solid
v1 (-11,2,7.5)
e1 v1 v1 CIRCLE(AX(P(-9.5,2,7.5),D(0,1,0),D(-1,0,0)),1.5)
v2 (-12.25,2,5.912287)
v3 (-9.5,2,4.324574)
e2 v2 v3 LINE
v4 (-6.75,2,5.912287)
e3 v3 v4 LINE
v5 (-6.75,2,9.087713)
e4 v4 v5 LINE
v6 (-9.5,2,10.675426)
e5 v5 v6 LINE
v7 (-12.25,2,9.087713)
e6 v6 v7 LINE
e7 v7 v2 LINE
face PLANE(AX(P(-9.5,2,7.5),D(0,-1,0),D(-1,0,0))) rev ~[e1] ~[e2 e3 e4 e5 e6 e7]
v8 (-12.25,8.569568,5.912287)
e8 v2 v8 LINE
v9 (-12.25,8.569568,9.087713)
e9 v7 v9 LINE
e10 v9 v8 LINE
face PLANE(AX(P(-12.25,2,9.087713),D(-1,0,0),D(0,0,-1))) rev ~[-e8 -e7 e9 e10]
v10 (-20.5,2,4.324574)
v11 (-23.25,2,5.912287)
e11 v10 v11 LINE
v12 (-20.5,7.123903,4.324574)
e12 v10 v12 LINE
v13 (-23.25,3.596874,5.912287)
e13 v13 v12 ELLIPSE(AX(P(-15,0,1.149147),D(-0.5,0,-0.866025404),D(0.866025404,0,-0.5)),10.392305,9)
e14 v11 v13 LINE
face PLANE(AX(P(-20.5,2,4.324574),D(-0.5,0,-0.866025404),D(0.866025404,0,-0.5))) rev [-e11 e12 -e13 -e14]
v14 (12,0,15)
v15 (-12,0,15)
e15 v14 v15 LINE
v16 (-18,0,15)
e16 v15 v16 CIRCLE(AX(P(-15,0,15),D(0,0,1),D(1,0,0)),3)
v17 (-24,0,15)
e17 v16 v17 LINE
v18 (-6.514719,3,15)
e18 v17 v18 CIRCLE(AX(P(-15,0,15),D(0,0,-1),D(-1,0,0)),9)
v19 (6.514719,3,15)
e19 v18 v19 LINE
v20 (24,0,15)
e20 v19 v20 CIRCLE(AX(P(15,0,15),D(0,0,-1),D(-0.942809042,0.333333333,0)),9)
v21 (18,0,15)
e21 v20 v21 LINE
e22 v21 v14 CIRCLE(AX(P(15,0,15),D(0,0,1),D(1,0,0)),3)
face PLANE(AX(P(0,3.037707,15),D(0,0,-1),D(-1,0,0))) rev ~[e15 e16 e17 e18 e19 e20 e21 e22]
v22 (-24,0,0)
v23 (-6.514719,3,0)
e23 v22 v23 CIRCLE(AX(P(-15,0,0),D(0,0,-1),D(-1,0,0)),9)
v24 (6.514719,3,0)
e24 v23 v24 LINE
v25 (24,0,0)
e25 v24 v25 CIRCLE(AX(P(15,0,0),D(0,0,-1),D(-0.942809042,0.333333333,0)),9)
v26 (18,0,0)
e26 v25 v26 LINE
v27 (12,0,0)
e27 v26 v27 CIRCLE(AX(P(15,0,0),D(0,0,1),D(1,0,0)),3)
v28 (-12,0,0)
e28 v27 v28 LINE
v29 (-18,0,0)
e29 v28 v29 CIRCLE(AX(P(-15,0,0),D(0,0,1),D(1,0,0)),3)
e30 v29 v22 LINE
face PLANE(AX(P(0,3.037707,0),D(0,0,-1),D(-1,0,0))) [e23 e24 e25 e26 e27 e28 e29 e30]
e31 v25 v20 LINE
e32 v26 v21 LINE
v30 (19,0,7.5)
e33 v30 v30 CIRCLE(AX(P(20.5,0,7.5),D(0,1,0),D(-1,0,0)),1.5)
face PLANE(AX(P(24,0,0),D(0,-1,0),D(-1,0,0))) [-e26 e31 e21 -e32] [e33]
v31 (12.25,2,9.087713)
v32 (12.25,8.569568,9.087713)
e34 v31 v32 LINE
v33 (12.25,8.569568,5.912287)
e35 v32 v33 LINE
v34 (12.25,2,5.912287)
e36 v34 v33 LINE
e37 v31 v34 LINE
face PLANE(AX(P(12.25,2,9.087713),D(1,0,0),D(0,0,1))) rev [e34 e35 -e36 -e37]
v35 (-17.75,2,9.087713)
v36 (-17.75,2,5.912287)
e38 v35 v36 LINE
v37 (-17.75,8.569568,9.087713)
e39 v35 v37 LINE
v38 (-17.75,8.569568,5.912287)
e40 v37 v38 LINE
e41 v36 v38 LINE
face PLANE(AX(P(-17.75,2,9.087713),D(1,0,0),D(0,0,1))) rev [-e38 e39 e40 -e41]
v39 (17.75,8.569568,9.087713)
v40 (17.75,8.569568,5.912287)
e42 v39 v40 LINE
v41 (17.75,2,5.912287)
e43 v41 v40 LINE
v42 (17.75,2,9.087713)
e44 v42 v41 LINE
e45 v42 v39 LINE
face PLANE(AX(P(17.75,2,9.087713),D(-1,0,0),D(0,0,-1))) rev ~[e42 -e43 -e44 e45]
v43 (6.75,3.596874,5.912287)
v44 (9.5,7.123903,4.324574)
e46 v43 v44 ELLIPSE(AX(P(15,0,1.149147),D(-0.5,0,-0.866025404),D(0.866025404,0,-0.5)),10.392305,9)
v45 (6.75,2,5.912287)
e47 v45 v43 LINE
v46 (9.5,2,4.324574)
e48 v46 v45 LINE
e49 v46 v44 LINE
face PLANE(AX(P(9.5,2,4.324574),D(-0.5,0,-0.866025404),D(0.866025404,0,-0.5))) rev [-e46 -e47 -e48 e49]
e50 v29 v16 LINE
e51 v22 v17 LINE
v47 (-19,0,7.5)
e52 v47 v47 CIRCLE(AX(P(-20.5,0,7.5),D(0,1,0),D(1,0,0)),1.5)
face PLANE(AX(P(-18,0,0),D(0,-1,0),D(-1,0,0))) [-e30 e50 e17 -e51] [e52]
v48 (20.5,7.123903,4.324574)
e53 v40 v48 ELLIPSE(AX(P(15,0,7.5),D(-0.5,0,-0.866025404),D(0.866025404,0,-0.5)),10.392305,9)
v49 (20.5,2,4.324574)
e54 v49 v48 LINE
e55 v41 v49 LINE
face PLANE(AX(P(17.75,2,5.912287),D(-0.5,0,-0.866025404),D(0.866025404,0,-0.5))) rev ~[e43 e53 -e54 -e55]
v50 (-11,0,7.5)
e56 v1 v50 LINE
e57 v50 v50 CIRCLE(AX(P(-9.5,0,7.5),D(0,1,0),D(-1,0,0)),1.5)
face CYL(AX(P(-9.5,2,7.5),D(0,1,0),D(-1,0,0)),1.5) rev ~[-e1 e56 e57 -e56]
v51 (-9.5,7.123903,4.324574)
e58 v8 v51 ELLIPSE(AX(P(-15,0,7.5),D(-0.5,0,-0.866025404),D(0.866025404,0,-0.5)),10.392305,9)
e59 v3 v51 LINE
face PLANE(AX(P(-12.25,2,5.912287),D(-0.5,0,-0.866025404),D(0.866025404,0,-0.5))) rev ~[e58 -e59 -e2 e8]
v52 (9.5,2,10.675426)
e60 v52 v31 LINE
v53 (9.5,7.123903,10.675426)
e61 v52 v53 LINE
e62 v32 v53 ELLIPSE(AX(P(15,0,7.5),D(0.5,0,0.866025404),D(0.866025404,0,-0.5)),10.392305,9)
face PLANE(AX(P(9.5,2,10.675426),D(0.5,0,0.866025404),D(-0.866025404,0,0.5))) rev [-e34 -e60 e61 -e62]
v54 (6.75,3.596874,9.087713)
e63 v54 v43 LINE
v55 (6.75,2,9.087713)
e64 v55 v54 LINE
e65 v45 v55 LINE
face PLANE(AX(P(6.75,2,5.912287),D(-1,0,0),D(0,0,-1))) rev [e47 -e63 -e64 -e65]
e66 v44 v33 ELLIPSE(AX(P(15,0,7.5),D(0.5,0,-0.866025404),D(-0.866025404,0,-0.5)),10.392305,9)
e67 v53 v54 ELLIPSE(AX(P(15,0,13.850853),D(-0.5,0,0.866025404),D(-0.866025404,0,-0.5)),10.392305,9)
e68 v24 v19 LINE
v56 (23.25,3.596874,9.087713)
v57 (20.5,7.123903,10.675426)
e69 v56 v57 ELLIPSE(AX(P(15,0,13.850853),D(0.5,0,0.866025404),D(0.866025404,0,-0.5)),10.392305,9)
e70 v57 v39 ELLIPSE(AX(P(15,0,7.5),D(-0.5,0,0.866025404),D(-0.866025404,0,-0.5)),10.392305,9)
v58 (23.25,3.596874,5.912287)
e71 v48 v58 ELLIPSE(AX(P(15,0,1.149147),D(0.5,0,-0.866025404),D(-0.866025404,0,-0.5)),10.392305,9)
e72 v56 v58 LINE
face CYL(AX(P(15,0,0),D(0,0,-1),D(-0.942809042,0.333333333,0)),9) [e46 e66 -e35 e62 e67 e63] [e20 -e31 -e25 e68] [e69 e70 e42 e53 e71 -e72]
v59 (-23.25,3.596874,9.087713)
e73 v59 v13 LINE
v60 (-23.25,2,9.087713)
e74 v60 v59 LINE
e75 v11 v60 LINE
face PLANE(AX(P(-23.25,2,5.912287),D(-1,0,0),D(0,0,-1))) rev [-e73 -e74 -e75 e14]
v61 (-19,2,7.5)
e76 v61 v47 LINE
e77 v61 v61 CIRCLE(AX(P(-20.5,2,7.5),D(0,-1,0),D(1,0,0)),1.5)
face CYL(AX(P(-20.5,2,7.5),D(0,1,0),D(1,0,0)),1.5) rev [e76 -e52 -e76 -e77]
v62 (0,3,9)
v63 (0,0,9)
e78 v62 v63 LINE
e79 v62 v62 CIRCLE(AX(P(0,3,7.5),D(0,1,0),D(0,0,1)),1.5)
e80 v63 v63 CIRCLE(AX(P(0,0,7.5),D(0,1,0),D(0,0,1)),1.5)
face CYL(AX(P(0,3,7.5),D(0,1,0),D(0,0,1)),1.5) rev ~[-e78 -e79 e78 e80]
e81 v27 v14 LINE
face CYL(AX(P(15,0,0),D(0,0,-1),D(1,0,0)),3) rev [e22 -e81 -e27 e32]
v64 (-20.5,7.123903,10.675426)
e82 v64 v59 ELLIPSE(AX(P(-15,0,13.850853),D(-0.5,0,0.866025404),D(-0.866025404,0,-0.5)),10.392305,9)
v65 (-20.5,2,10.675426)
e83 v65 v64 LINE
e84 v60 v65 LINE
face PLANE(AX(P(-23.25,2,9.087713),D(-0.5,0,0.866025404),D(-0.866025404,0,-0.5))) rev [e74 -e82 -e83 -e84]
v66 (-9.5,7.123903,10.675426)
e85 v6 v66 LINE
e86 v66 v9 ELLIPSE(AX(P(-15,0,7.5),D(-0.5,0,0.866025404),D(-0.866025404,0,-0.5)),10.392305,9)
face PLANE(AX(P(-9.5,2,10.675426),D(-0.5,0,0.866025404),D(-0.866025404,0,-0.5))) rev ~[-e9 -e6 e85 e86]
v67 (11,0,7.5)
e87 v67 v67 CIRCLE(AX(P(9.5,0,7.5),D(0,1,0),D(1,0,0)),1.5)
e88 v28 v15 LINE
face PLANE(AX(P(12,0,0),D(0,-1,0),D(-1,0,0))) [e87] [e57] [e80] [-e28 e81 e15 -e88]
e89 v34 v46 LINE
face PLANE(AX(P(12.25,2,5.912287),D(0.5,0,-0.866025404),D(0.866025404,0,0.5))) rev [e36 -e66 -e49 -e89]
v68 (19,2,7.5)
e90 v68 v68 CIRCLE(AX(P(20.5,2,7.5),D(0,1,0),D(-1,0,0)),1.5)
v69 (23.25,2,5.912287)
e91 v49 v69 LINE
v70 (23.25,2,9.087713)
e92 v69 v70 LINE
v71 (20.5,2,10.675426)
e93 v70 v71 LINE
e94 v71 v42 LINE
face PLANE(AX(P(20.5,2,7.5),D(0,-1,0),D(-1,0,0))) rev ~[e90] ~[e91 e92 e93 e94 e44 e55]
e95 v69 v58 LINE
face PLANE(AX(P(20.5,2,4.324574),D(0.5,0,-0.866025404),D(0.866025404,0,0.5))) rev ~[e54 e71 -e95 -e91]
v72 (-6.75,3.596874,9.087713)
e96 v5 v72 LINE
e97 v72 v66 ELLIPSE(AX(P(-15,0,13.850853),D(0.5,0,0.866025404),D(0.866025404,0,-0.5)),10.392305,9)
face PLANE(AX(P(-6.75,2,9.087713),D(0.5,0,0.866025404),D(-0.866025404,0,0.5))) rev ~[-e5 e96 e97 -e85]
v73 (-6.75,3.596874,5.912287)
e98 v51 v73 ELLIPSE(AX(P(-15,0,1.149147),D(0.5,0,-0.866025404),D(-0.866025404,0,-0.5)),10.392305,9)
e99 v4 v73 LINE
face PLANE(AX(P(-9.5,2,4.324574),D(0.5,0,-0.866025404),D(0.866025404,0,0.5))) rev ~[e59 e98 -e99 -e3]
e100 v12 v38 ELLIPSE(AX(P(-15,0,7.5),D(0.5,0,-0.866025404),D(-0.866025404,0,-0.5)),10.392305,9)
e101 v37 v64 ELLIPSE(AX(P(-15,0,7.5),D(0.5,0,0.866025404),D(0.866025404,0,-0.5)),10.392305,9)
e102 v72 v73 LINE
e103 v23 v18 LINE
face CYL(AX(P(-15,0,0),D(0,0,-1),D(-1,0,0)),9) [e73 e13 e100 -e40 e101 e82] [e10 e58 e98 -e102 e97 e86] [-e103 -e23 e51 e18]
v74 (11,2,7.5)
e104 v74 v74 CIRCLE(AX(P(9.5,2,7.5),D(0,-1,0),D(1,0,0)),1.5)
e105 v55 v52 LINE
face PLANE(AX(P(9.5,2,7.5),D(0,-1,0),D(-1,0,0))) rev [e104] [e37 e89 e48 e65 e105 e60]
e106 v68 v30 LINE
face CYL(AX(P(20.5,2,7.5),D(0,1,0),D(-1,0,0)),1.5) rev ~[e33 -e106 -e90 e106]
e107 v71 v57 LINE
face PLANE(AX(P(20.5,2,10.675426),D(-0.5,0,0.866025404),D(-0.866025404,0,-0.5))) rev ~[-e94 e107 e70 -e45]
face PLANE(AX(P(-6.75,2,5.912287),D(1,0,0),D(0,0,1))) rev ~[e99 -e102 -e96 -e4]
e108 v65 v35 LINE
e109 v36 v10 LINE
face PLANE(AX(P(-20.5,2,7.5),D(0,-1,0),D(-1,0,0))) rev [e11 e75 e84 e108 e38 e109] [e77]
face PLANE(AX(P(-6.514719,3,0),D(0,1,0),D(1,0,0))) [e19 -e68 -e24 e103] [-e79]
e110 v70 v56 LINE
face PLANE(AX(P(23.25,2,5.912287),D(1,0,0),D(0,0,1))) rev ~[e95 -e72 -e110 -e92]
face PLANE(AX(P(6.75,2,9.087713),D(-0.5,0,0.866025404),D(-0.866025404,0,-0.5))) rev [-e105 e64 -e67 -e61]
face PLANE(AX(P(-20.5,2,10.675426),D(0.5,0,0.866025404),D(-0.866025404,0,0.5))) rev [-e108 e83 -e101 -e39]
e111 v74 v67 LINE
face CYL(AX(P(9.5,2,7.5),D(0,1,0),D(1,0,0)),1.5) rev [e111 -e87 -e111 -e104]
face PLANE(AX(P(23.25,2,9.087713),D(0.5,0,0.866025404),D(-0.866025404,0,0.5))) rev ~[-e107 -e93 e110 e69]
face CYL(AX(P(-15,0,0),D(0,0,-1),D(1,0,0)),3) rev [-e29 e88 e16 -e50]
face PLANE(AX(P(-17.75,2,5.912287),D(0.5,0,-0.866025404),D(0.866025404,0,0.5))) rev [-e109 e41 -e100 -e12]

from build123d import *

# Parameters (mm, degrees)
BOSS_EXTRUDE1_DEPTH     = 15
CUT_EXTRUDE1_DEPTH      = 30
SKETCH3_R               = 1.5
CUT_EXTRUDE2_DEPTH      = 30
MIRROR2_COPY_1_DEPTH    = 30
MIRROR2_COPY_2_SKETCH_R = 1.5
MIRROR2_COPY_2_DEPTH    = 30
SKETCH4_R               = 1.5
CUT_EXTRUDE3_DEPTH      = 5


with BuildPart() as part:
    # Sketch1 → Boss-Extrude1 (new body)
    with BuildSketch(Plane.XY):
        with BuildLine():
            Line((12, 0), (-12, 0))
            ThreePointArc((-12, 0), (-15, 3), (-18, 0))
            Line((-18, 0), (-24, 0))
            ThreePointArc((-24, 0), (-16.521917809, 8.870387037), (-6.514718626, 3))
            Line((-6.514718626, 3), (6.514718626, 3))
            ThreePointArc((6.514718626, 3), (16.521917809, 8.870387037), (24, 0))
            Line((24, 0), (18, 0))
            ThreePointArc((18, 0), (15, 3), (12, 0))
        make_face()
    extrude(amount=BOSS_EXTRUDE1_DEPTH)

    # Sketch2 → Cut-Extrude1 (cut)
    with BuildSketch(Plane(origin=(0, 2, 0), x_dir=(-1, 0, 0), z_dir=(0, -1, 0))):
        Polygon((-20.5, -10.675426481), (-17.75, -9.08771324), (-17.75, -5.91228676), (-20.5, -4.324573519), (-23.25, -5.91228676), (-23.25, -9.08771324), align=None)
    cut_extrude1 = extrude(amount=-CUT_EXTRUDE1_DEPTH, mode=Mode.SUBTRACT)

    # Sketch3 → Cut-Extrude2 (cut)
    with BuildSketch(Plane(origin=(0, 2, 0), x_dir=(1, 0, 0), z_dir=(0, 1, 0))):
        with Locations((20.5, -7.5)):
            Circle(SKETCH3_R)
    cut_extrude2 = extrude(amount=-CUT_EXTRUDE2_DEPTH, mode=Mode.SUBTRACT)

    # Mirror1: Cut-Extrude1, Cut-Extrude2 across plane
    add(cut_extrude1.mirror(Plane.ZY.offset(-15)), mode=Mode.SUBTRACT)
    add(cut_extrude2.mirror(Plane.ZY.offset(-15)), mode=Mode.SUBTRACT)

    # Mirror2: Cut-Extrude1, Cut-Extrude2 across plane
    add(cut_extrude1.mirror(Plane(origin=(0, 0, 0), x_dir=(0, 0, 1), z_dir=(1, 0, 0))), mode=Mode.SUBTRACT)
    add(cut_extrude2.mirror(Plane(origin=(0, 0, 0), x_dir=(0, 0, 1), z_dir=(1, 0, 0))), mode=Mode.SUBTRACT)

    # Mirror2 copy 1 sketch → Mirror2 copy 1 (cut)
    with BuildSketch(Plane(origin=(-30, 2, 0), x_dir=(-1, 0, 0), z_dir=(0, -1, 0))):
        Polygon((-20.5, -10.675426481), (-17.75, -9.08771324), (-17.75, -5.91228676), (-20.5, -4.324573519), (-23.25, -5.91228676), (-23.25, -9.08771324), align=None)
    extrude(amount=-MIRROR2_COPY_1_DEPTH, mode=Mode.SUBTRACT)

    # Mirror2 copy 2 sketch → Mirror2 copy 2 (cut)
    with BuildSketch(Plane(origin=(-30, 2, 0), x_dir=(1, 0, 0), z_dir=(0, 1, 0))):
        with Locations((20.5, -7.5)):
            Circle(MIRROR2_COPY_2_SKETCH_R)
    extrude(amount=-MIRROR2_COPY_2_DEPTH, mode=Mode.SUBTRACT)

    # Sketch4 → Cut-Extrude3 (cut)
    with BuildSketch(Plane(origin=(0, 3, 0), x_dir=(1, 0, 0), z_dir=(0, 1, 0))):
        with Locations((0, -7.5)):
            Circle(SKETCH4_R)
    extrude(amount=-CUT_EXTRUDE3_DEPTH, mode=Mode.SUBTRACT)


solid = part.part
